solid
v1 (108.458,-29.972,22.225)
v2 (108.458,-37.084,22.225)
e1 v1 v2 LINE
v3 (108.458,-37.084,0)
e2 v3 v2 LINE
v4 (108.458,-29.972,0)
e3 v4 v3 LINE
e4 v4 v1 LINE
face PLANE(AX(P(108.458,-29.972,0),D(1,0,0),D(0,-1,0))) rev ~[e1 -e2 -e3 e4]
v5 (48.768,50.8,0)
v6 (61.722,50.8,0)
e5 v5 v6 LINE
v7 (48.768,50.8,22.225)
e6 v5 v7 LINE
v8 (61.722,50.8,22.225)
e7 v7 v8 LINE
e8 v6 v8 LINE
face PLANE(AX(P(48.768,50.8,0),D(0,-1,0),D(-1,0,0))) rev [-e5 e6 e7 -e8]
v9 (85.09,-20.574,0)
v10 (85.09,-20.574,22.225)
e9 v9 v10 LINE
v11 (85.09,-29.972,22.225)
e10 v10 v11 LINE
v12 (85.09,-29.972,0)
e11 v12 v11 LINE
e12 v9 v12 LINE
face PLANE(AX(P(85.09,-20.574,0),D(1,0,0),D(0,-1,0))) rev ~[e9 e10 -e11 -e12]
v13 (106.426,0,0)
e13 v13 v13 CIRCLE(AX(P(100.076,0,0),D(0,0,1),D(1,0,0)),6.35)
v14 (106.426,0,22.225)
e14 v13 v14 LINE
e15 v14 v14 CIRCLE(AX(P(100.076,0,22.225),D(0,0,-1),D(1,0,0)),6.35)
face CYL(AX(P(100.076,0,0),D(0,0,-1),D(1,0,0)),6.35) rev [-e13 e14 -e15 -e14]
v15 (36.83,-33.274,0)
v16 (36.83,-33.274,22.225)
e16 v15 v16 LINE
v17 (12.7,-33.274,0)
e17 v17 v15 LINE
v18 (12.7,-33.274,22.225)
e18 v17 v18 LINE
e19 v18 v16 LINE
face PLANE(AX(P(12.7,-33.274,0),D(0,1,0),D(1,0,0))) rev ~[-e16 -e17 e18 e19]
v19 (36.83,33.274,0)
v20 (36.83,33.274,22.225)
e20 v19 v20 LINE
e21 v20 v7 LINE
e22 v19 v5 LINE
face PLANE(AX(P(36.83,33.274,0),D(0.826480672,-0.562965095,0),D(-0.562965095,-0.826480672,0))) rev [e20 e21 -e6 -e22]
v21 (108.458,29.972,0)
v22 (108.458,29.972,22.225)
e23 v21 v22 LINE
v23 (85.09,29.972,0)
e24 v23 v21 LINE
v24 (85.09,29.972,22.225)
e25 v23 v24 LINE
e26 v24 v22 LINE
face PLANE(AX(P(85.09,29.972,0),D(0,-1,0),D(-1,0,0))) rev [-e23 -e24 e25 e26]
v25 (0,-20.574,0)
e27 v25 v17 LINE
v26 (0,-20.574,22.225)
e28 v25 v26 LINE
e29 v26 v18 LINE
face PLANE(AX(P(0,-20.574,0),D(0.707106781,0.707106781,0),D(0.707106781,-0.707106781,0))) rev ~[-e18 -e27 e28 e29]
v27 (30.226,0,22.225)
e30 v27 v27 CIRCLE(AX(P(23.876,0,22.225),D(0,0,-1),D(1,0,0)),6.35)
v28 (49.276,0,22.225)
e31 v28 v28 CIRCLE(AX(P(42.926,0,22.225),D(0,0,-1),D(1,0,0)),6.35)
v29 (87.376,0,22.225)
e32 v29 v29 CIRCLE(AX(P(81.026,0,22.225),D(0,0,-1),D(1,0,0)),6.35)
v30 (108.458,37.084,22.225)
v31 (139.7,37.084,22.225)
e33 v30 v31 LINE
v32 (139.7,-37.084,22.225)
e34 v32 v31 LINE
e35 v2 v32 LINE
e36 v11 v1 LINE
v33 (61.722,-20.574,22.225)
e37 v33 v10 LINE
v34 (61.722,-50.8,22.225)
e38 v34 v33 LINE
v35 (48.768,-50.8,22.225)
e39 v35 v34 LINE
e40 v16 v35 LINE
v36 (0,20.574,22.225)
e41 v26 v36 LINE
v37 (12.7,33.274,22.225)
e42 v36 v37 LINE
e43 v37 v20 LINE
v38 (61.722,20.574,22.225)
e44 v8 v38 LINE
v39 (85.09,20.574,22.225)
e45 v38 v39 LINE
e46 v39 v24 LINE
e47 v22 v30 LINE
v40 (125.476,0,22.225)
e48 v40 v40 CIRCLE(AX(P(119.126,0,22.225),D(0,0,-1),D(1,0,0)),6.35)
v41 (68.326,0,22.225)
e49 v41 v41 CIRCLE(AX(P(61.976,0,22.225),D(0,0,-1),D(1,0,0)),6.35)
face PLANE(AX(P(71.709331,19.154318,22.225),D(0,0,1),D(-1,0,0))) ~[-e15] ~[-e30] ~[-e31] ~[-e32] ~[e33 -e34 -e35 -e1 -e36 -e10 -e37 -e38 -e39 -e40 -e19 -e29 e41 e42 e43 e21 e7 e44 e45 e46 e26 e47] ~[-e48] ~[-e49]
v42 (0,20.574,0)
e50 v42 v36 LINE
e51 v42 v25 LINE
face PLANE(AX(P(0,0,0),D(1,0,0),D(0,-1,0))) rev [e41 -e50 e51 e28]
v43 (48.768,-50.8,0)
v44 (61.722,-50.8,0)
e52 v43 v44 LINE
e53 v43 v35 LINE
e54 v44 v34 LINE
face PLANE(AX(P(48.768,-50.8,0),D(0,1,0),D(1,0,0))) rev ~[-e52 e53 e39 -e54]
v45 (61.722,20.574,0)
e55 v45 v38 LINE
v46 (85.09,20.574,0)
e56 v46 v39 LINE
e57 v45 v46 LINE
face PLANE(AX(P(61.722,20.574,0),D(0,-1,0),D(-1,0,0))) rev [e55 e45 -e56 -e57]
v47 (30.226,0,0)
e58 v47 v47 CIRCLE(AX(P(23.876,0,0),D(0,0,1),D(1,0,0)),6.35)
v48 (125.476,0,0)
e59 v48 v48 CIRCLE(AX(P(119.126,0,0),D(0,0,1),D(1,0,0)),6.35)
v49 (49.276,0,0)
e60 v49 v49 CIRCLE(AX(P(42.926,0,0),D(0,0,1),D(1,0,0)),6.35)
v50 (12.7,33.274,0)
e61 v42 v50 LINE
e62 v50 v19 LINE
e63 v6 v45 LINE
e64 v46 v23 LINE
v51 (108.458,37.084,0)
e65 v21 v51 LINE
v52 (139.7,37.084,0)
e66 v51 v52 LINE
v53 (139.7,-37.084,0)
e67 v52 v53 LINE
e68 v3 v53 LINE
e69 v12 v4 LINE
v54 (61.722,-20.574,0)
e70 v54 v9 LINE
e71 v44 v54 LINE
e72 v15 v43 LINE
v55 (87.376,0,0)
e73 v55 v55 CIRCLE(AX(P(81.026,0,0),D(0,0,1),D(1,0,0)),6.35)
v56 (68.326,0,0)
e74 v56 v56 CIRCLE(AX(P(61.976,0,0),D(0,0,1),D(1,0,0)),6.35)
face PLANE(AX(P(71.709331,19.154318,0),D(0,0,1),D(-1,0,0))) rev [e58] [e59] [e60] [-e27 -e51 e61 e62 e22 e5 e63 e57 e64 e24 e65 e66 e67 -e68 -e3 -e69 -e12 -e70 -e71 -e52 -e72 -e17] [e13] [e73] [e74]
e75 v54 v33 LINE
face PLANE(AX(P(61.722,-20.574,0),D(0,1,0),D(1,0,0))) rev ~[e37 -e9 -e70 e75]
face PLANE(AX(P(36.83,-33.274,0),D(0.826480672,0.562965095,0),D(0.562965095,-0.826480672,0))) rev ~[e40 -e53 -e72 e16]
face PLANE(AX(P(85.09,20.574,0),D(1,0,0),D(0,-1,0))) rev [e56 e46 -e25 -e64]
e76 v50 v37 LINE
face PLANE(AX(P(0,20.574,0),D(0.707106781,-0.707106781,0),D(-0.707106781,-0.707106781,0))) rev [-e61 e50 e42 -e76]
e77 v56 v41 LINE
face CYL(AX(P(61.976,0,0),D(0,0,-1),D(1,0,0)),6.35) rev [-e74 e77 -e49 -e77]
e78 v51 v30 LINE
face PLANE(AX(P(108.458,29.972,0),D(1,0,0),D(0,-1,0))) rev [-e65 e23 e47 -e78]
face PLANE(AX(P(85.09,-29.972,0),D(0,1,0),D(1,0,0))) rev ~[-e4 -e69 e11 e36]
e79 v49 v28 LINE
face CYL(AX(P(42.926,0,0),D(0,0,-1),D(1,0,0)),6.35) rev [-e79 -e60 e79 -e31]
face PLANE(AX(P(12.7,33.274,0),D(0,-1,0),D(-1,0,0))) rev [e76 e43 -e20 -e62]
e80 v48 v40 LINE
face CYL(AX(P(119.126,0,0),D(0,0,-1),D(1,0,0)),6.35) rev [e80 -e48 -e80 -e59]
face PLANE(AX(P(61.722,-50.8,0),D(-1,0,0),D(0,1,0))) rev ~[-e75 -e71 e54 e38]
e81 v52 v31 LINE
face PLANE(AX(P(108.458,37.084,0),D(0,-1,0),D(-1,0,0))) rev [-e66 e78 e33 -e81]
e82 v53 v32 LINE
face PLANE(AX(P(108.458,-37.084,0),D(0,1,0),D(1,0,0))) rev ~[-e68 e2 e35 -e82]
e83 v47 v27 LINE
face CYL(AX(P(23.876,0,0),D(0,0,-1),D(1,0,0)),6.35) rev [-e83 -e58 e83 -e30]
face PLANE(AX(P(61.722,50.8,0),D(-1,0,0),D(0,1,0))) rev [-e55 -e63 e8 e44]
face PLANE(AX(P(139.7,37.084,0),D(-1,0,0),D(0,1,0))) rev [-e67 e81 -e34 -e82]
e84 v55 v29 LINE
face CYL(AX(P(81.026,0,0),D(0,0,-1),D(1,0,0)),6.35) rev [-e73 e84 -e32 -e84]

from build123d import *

# Parameters (mm, degrees)
F1_DEPTH = 22.225
F3_R     = 6.35
F4_DEPTH = 22.226


with BuildPart() as f1:
    # F0 (on Top) → F1 (new body)
    with BuildSketch(Plane.XY):
        Polygon((139.7, 0), (0, 0), (0, -20.574), (12.7, -33.274), (36.83, -33.274), (48.768, -50.8), (61.722, -50.8), (61.722, -20.574), (85.09, -20.574), (85.09, -29.972), (108.458, -29.972), (108.458, -37.084), (139.7, -37.084), align=None)
    extrude(amount=F1_DEPTH)

    # F2: F1 across face


with BuildPart() as f1_1:
    add(f1.part)
    add(f1.part.mirror(Plane(origin=(69.85, 0, 11.1125), x_dir=(-1, 0, 0), z_dir=(0, 1, 0))))

    # F3 (on Top) → F4 (cut, through all)
    with BuildSketch(Plane.XY):
        with Locations((23.876, 0)):
            Circle(F3_R)
        with Locations((42.926, 0)):
            Circle(F3_R)
        with Locations((61.976, 0)):
            Circle(F3_R)
        with Locations((81.026, 0)):
            Circle(F3_R)
        with Locations((100.076, 0)):
            Circle(F3_R)
        with Locations((119.126, 0)):
            Circle(F3_R)
    extrude(amount=F4_DEPTH, mode=Mode.SUBTRACT)


solid = f1_1.part
